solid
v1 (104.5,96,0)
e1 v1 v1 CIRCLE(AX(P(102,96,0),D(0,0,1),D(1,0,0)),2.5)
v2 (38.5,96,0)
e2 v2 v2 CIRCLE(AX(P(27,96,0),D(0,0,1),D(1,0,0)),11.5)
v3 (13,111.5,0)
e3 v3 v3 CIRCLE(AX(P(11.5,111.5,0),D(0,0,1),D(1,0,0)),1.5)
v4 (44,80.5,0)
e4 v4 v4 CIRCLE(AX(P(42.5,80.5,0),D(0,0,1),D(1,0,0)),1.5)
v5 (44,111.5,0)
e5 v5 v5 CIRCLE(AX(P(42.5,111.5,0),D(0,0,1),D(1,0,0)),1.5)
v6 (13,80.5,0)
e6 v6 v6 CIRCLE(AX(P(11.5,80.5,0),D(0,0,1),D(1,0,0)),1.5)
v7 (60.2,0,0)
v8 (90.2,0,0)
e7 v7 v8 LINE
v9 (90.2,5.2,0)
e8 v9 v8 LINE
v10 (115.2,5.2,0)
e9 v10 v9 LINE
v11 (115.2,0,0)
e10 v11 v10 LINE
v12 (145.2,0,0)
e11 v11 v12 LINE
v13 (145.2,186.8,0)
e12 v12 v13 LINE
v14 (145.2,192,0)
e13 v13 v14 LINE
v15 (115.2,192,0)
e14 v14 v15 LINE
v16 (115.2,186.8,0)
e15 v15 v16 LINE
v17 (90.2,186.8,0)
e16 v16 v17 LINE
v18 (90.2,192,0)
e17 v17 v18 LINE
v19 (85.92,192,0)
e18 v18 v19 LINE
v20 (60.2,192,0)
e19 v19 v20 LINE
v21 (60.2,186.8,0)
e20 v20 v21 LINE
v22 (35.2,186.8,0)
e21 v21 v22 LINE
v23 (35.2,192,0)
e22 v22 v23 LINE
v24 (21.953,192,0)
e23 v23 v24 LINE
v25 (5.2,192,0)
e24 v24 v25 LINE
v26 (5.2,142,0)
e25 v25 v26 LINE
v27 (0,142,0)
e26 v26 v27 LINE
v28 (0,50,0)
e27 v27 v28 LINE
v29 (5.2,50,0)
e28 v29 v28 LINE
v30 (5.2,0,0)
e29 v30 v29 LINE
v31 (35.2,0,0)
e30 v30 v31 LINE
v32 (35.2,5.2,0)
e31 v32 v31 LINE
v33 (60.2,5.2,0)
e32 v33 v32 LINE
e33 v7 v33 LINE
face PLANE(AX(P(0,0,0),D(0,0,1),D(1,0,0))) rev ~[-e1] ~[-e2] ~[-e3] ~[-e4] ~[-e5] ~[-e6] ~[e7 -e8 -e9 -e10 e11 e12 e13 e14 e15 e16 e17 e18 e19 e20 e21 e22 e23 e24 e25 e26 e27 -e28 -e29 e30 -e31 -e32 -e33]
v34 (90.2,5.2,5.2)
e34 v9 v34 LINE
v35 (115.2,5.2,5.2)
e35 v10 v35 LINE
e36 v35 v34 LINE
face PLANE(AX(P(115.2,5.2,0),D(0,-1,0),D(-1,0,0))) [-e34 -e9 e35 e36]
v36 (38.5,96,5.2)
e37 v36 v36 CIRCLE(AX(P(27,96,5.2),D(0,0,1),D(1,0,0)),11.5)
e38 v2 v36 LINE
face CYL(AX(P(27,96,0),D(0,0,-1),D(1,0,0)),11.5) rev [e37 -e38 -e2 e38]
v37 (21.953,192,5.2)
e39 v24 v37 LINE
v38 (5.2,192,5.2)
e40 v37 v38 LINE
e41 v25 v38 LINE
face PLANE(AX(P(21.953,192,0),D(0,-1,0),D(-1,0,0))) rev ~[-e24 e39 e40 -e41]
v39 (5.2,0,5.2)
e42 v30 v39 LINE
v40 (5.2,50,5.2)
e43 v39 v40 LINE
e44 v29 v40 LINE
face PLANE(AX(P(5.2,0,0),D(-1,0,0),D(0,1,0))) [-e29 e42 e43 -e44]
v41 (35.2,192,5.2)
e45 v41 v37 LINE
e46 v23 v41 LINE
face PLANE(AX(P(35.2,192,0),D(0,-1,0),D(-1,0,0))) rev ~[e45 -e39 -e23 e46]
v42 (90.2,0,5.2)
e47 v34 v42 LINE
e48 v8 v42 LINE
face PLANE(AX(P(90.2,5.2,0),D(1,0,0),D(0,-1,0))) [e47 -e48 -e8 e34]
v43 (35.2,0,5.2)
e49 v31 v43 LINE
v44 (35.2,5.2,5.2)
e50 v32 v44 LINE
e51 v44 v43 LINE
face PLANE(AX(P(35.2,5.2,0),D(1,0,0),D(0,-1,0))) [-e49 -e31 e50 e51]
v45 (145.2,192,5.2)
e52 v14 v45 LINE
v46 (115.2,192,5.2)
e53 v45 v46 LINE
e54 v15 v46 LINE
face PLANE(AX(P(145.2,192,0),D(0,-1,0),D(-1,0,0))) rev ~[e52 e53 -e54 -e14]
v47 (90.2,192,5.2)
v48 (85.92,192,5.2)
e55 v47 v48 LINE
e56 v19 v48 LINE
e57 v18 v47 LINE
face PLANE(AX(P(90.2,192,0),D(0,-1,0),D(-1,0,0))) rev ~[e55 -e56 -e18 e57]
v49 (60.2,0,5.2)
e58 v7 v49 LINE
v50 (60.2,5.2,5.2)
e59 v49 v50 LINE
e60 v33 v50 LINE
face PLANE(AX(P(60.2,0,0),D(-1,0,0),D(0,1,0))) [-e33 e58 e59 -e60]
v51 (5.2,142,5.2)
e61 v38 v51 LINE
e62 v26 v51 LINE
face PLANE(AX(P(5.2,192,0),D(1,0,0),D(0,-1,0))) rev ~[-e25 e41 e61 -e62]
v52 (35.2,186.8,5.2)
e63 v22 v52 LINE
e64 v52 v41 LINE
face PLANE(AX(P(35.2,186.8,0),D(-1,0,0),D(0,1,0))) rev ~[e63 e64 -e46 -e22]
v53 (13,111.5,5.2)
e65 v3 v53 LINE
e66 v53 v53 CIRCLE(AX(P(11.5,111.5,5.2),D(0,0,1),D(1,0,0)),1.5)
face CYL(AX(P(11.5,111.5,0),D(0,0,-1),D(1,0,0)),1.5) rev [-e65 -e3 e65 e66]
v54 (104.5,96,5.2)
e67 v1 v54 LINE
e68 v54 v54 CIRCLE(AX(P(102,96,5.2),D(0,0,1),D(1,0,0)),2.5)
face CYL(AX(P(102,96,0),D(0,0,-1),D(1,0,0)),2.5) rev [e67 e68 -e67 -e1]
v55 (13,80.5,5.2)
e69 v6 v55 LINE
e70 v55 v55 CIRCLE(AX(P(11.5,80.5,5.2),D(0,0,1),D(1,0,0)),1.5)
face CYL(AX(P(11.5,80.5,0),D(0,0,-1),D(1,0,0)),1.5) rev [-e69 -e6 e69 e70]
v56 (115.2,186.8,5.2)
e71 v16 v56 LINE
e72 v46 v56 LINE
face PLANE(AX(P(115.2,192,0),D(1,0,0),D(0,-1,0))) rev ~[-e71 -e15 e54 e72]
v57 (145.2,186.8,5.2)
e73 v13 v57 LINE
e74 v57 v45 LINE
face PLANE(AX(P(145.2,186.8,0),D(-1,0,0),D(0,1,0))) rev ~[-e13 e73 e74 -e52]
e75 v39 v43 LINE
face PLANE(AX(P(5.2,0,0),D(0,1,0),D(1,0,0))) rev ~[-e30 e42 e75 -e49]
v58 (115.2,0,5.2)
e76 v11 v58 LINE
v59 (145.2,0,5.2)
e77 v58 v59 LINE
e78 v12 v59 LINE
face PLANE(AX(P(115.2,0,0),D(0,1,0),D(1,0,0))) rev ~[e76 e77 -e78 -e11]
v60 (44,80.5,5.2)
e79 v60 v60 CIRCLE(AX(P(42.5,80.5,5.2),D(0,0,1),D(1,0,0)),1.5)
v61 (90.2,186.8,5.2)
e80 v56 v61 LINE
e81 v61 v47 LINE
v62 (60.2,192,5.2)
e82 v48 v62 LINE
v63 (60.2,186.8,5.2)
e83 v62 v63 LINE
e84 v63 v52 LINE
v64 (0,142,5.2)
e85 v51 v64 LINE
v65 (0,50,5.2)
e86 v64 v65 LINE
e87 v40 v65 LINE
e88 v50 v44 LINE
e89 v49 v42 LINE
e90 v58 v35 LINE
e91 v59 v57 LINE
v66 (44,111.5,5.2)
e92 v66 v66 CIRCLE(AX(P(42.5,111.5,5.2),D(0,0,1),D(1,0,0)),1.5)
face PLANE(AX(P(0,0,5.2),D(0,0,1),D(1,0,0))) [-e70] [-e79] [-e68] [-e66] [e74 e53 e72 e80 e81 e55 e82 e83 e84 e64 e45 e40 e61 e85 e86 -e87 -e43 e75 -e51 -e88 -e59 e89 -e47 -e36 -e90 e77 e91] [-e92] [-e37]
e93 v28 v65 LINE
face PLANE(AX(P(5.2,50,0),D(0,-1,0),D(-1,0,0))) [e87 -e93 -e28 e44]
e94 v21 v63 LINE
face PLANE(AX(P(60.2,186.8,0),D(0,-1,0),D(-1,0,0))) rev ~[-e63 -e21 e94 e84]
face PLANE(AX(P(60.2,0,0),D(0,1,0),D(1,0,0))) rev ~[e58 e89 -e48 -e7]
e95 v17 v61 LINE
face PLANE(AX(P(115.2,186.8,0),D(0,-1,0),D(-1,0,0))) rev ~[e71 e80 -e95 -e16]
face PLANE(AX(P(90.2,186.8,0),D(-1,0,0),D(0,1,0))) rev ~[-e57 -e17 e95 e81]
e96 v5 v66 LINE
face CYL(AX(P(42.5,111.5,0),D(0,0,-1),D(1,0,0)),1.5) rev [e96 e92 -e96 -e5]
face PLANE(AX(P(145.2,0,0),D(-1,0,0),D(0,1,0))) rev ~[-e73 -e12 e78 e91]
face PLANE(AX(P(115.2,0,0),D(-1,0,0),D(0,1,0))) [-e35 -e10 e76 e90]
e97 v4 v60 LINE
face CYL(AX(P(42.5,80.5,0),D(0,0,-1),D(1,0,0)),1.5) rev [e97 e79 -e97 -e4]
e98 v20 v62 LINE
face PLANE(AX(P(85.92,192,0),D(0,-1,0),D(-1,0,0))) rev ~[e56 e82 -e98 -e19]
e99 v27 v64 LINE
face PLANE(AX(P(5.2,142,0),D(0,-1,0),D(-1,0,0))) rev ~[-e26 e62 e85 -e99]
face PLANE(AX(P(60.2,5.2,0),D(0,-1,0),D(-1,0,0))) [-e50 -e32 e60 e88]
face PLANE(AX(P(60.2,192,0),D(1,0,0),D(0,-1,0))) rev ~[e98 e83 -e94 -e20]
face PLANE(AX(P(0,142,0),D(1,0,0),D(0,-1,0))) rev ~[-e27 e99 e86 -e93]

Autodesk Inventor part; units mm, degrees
ref_plane "YZ Plane" through (0, 0, 0) normal (1, 0, 0) x (0, 1, 0)
ref_plane "XZ Plane" through (0, 0, 0) normal (0, 1, 0) x (-1, 0, 0)
ref_plane "XY Plane" through (0, 0, 0) normal (0, 0, 1) x (1, 0, 0)
sketch "Sketch1" plane through (0, 0, 0) normal (0, 0, 1) x (1, 0, 0)
  line L0 (0, 0) -> (145.2, 0)
  line L1 (145.2, 0) -> (145.2, 192)
  line L2 (145.2, 192) -> (0, 192)
  line L3 (0, 192) -> (0, 0)
  line L4 (145.2, 192) -> (110.498, 192)
  line L5 (145.2, 186.8) -> (145.2, 192)
  line L6 (85.92, 192) -> (45.5217, 192)
  line L7 (21.953, 192) -> (0, 192)
  line L8 (0, 192) -> (0, 185.7065)
  line L9 (35.2, 192) -> (60.2, 192)
  line L10 (60.2, 192) -> (60.2, 186.8)
  line L11 (60.2, 186.8) -> (35.2, 186.8)
  line L12 (35.2, 186.8) -> (35.2, 192)
  line L13 (90.2, 192) -> (115.2, 192)
  line L14 (115.2, 192) -> (115.2, 186.8)
  line L15 (115.2, 186.8) -> (90.2, 186.8)
  line L16 (90.2, 186.8) -> (90.2, 192)
  line L17 (0, 192) -> (5.2, 192)
  line L18 (5.2, 192) -> (5.2, 142)
  line L19 (5.2, 142) -> (0, 142)
  line L20 (0, 142) -> (0, 192)
  line L21 (0, 96) -> (145.2, 96) construction
  line L22 (0, 0) -> (5.2, 0)
  line L23 (5.2, 0) -> (5.2, 50)
  line L24 (5.2, 50) -> (0, 50)
  line L25 (0, 50) -> (0, 0)
  line L26 (35.2, 0) -> (60.2, 0)
  line L27 (60.2, 0) -> (60.2, 5.2)
  line L28 (60.2, 5.2) -> (35.2, 5.2)
  line L29 (35.2, 5.2) -> (35.2, 0)
  line L30 (90.2, 0) -> (115.2, 0)
  line L31 (115.2, 0) -> (115.2, 5.2)
  line L32 (115.2, 5.2) -> (90.2, 5.2)
  line L33 (90.2, 5.2) -> (90.2, 0)
  circle A0 centre (102, 96) radius 2.5
  circle A1 centre (27, 96) radius 11.5
  circle A2 centre (42.5, 80.5) radius 1.5
  circle A3 centre (42.5, 111.5) radius 1.5
  circle A4 centre (11.5, 111.5) radius 1.5
  circle A5 centre (11.5, 80.5) radius 1.5
  dimension "d0" = 192
  dimension "d1" = 145.2
  dimension "d6" = 25
  dimension "d7" = 25
  dimension "d8" = 5.2
  dimension "d9" = 30
  dimension "d10" = 30
  dimension "d11" = 50
  dimension "d12" = 5.2
  dimension "d13" = 50
  dimension "d14" = 5.2
  dimension "d15" = 25
  dimension "d16" = 25
  dimension "d17" = 5.2
  dimension "d18" = 30
  dimension "d19" = 30
  dimension "d22" = 5
  dimension "d24" = 23
  dimension "d25" = 3
  dimension "d26" = 15.5
  dimension "d27" = 15.5
  dimension "d30" = 360
  dimension "d32" = 75
  dimension "d33" = 27
extrude "Extrusion2" add sketch "Sketch1" along normal blind 5.2 contours L23 L24 L3 L19 L18 L2 L12 L11 L10 L16 L15 L14 L1 L0 L31 L32 L33 L27 L28 L29
properties part number "Base Plate"
